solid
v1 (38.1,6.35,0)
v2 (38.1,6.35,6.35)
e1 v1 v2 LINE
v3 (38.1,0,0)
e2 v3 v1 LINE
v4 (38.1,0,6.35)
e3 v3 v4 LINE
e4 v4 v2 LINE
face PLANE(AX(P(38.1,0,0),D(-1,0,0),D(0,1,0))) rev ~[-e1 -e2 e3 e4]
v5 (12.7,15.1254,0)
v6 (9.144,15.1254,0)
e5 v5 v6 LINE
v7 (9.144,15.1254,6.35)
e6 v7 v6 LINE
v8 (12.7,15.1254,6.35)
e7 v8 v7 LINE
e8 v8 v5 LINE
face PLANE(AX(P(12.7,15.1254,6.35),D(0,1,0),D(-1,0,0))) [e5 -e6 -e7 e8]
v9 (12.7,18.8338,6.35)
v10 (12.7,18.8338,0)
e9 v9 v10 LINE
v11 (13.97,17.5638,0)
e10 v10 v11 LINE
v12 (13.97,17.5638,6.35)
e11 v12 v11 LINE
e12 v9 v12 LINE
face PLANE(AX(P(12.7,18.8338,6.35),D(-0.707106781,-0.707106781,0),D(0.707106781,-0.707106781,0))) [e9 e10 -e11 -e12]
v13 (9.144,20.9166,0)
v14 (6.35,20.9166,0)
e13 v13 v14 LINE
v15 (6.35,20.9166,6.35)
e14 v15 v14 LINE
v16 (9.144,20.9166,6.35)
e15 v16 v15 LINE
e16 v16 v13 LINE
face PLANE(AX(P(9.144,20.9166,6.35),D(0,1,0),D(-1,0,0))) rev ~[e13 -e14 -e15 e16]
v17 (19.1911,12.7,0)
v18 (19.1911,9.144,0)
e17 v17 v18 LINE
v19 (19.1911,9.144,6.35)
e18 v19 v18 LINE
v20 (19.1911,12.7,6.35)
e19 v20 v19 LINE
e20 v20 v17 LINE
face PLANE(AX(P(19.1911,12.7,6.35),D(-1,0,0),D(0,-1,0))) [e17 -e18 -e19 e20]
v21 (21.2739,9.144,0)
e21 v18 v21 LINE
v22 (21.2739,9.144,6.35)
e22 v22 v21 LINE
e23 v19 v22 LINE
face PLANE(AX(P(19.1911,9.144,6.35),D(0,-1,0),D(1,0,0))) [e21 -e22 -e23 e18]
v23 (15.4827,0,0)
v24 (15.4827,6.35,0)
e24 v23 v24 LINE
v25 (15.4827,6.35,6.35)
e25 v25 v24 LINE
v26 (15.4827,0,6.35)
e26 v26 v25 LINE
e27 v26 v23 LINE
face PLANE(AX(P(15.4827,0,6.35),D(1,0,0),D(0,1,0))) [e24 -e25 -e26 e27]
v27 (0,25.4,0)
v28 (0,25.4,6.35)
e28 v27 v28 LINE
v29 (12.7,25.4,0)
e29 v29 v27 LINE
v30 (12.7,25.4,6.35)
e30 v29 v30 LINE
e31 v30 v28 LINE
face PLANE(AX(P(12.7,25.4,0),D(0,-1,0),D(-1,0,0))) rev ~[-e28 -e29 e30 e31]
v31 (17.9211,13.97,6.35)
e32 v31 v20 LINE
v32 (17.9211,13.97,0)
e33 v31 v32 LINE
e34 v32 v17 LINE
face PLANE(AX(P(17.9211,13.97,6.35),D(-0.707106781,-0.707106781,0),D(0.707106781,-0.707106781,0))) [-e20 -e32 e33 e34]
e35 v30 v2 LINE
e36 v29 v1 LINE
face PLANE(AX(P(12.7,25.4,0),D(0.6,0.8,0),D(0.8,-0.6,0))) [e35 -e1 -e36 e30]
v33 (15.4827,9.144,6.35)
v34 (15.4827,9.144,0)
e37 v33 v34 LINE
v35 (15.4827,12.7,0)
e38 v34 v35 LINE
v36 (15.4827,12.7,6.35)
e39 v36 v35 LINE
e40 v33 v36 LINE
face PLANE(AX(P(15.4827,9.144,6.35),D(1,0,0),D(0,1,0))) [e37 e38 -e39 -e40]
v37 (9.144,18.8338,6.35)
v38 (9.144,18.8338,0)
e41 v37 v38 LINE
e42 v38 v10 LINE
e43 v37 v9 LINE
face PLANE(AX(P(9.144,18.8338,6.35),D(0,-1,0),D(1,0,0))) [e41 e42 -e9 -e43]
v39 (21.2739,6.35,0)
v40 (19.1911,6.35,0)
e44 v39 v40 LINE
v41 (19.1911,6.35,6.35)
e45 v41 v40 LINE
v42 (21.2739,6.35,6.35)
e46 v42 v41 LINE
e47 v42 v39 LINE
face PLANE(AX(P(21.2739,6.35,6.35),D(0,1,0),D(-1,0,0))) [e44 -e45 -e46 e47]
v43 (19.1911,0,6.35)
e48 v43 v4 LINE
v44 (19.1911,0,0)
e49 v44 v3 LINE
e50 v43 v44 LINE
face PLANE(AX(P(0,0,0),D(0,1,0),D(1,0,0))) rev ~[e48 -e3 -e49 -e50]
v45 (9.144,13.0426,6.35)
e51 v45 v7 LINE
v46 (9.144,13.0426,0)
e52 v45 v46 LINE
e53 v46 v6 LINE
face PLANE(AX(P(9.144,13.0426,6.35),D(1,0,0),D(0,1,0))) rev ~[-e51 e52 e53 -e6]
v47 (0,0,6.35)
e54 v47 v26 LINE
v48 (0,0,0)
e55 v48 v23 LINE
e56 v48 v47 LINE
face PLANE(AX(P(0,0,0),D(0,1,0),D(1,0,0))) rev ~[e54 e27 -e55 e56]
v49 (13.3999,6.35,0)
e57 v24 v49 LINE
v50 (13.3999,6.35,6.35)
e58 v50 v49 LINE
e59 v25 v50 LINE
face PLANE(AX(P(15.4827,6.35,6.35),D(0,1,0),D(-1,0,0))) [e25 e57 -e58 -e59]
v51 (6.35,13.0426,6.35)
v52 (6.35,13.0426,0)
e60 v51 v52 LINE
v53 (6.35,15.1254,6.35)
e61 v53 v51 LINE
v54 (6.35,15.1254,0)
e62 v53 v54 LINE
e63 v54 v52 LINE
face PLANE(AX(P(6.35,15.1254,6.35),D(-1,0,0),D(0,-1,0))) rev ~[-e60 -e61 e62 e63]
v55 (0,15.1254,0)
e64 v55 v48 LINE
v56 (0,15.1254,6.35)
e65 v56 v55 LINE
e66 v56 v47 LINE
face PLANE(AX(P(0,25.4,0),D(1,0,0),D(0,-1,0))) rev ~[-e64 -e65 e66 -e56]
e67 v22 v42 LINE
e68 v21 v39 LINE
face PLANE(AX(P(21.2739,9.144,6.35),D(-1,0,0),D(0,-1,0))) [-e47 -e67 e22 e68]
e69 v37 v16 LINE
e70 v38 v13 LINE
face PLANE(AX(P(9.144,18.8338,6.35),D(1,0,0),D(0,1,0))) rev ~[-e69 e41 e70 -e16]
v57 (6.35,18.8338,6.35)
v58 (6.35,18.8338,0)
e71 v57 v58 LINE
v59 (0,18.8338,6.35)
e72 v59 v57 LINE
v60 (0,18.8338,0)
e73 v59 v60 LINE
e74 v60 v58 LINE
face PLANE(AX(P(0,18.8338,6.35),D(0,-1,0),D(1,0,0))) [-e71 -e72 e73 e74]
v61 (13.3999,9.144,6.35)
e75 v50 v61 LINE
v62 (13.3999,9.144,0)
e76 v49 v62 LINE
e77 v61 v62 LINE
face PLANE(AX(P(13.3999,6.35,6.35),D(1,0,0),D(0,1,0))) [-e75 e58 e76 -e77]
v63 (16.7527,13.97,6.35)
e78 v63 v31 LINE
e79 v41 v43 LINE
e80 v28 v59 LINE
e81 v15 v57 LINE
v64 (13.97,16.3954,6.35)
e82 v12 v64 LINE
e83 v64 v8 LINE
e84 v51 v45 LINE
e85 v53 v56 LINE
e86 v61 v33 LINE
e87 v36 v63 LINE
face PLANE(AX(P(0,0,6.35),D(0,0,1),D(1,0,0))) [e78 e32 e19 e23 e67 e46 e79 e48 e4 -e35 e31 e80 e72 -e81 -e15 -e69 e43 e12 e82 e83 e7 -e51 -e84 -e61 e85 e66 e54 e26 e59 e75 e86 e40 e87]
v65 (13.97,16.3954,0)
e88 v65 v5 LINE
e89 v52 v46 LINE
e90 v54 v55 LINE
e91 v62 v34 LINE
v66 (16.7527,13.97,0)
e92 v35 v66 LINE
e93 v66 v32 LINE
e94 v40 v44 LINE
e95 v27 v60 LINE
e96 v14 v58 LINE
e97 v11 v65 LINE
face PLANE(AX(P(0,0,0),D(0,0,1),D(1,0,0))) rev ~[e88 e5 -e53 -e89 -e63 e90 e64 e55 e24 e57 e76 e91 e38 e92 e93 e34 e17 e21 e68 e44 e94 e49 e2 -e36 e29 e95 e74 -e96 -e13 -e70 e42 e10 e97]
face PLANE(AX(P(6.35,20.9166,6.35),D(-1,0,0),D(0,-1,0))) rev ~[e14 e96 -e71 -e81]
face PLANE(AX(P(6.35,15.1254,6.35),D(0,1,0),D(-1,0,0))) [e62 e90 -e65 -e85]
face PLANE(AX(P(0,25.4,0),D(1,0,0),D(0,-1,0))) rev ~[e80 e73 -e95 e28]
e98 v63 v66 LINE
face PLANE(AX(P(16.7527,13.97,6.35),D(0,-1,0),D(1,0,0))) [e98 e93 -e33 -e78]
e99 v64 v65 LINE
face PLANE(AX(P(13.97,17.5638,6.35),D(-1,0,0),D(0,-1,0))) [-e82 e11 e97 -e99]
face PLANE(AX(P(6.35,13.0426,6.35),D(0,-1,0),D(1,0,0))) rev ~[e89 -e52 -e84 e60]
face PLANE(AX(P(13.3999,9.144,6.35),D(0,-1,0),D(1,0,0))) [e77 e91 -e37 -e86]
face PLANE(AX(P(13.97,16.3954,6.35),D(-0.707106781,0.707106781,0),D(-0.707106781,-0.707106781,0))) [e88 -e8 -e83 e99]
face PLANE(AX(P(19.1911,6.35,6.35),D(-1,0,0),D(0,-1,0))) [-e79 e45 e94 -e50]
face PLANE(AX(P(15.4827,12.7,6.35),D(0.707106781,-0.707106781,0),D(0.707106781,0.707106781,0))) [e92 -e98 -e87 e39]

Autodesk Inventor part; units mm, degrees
ref_plane "YZ Plane" through (0, 0, 0) normal (1, 0, 0) x (0, 1, 0)
ref_plane "XZ Plane" through (0, 0, 0) normal (0, 1, 0) x (-1, 0, 0)
ref_plane "XY Plane" through (0, 0, 0) normal (0, 0, 1) x (1, 0, 0)
sketch "Sketch1" plane through (0, 0, 0) normal (0, 0, 1) x (1, 0, 0)
  line L0 (0, 0) -> (38.1, 0)
  line L1 (38.1, 0) -> (38.1, 6.35)
  line L2 (12.7, 25.4) -> (0, 25.4)
  line L3 (0, 25.4) -> (0, 0)
  line L4 (12.7, 25.4) -> (38.1, 6.35)
  dimension "d2" = 6.35
  dimension "d3" = 12.7
  dimension "d4" = 25.4
  dimension "d5" = 38.1
  dimension "d7" = 27.94
  dimension "d8" = 38.1
extrude "Extrusion1" add sketch "Sketch1" along normal blind 6.35
sketch "Sketch2" plane through (0, 0, 6.35) normal (0, 0, 1) x (1, 0, 0)
  line L0 (0, 0) -> (38.1, 0) projected
  line L1 (0, 25.4) -> (0, 0) projected
  line L2 (0, 18.8338) -> (-6.35, 18.8338)
  line L3 (0, 15.1254) -> (-6.35, 15.1254)
  line L4 (15.4827, -6.35) -> (15.4827, 0)
  line L5 (19.1911, -6.35) -> (19.1911, 0)
  line L6 (0, 18.8338) -> (12.7, 18.8338)
  line L7 (13.97, 17.5638) -> (13.97, 16.3954)
  line L8 (12.7, 15.1254) -> (0, 15.1254)
  line L9 (0, 15.1254) -> (0, 18.8338)
  line L10 (19.1911, 0) -> (15.4827, 0)
  line L11 (15.4827, 0) -> (15.4827, 12.7)
  line L12 (16.7527, 13.97) -> (17.9211, 13.97)
  line L13 (19.1911, 12.7) -> (19.1911, 0)
  line L14 (12.7, 18.8338) -> (13.97, 17.5638)
  line L15 (13.97, 16.3954) -> (12.7, 15.1254)
  line L16 (15.4827, 12.7) -> (16.7527, 13.97)
  line L17 (17.9211, 13.97) -> (19.1911, 12.7)
  line L18 (9.144, 20.9166) -> (6.35, 20.9166)
  line L19 (6.35, 20.9166) -> (6.35, 13.0426)
  line L20 (6.35, 13.0426) -> (9.144, 13.0426)
  line L21 (9.144, 13.0426) -> (9.144, 20.9166)
  line L22 (21.2739, 6.35) -> (13.3999, 6.35)
  line L23 (13.3999, 6.35) -> (13.3999, 9.144)
  line L24 (13.3999, 9.144) -> (21.2739, 9.144)
  line L25 (21.2739, 9.144) -> (21.2739, 6.35)
  point P0 (13.97, 15.1254)
  point P1 (13.97, 18.8338)
  point P2 (15.4827, 13.97)
  point P3 (19.1911, 13.97)
  point P4 (19.05, 0)
  dimension "d11" = 13.97
  dimension "d12" = 13.97
  dimension "d13" = 1.27
  dimension "d14" = 1.27
  dimension "d15" = 1.27
  dimension "d16" = 1.27
  dimension "d17" = 1.27
  dimension "d18" = 1.27
  dimension "d19" = 1.27
  dimension "d20" = 1.27
  dimension "d21" = 2.794
  dimension "d22" = 7.874
  dimension "d23" = 6.35
  dimension "d26" = 2.0828
  dimension "d27" = 2.0828
  dimension "d28" = 7.874
  dimension "d29" = 2.794
  dimension "d30" = 2.0828
  dimension "d31" = 6.35
extrude "Extrusion2" cut sketch "Sketch2" against normal through all
equation "\"d14\" = d13"
equation "\"d15\" = d13"
equation "\"d16\" = d15"
equation "\"d17\" = d13"
equation "\"d18\" = d17"
equation "\"d19\" = d13"
equation "\"d20\" = d19"
equation "\"d26\" = d27"
equation "\"d30\" = d27"
equation "\"d31\" = d23"
properties part number "cornerBraceV01"
